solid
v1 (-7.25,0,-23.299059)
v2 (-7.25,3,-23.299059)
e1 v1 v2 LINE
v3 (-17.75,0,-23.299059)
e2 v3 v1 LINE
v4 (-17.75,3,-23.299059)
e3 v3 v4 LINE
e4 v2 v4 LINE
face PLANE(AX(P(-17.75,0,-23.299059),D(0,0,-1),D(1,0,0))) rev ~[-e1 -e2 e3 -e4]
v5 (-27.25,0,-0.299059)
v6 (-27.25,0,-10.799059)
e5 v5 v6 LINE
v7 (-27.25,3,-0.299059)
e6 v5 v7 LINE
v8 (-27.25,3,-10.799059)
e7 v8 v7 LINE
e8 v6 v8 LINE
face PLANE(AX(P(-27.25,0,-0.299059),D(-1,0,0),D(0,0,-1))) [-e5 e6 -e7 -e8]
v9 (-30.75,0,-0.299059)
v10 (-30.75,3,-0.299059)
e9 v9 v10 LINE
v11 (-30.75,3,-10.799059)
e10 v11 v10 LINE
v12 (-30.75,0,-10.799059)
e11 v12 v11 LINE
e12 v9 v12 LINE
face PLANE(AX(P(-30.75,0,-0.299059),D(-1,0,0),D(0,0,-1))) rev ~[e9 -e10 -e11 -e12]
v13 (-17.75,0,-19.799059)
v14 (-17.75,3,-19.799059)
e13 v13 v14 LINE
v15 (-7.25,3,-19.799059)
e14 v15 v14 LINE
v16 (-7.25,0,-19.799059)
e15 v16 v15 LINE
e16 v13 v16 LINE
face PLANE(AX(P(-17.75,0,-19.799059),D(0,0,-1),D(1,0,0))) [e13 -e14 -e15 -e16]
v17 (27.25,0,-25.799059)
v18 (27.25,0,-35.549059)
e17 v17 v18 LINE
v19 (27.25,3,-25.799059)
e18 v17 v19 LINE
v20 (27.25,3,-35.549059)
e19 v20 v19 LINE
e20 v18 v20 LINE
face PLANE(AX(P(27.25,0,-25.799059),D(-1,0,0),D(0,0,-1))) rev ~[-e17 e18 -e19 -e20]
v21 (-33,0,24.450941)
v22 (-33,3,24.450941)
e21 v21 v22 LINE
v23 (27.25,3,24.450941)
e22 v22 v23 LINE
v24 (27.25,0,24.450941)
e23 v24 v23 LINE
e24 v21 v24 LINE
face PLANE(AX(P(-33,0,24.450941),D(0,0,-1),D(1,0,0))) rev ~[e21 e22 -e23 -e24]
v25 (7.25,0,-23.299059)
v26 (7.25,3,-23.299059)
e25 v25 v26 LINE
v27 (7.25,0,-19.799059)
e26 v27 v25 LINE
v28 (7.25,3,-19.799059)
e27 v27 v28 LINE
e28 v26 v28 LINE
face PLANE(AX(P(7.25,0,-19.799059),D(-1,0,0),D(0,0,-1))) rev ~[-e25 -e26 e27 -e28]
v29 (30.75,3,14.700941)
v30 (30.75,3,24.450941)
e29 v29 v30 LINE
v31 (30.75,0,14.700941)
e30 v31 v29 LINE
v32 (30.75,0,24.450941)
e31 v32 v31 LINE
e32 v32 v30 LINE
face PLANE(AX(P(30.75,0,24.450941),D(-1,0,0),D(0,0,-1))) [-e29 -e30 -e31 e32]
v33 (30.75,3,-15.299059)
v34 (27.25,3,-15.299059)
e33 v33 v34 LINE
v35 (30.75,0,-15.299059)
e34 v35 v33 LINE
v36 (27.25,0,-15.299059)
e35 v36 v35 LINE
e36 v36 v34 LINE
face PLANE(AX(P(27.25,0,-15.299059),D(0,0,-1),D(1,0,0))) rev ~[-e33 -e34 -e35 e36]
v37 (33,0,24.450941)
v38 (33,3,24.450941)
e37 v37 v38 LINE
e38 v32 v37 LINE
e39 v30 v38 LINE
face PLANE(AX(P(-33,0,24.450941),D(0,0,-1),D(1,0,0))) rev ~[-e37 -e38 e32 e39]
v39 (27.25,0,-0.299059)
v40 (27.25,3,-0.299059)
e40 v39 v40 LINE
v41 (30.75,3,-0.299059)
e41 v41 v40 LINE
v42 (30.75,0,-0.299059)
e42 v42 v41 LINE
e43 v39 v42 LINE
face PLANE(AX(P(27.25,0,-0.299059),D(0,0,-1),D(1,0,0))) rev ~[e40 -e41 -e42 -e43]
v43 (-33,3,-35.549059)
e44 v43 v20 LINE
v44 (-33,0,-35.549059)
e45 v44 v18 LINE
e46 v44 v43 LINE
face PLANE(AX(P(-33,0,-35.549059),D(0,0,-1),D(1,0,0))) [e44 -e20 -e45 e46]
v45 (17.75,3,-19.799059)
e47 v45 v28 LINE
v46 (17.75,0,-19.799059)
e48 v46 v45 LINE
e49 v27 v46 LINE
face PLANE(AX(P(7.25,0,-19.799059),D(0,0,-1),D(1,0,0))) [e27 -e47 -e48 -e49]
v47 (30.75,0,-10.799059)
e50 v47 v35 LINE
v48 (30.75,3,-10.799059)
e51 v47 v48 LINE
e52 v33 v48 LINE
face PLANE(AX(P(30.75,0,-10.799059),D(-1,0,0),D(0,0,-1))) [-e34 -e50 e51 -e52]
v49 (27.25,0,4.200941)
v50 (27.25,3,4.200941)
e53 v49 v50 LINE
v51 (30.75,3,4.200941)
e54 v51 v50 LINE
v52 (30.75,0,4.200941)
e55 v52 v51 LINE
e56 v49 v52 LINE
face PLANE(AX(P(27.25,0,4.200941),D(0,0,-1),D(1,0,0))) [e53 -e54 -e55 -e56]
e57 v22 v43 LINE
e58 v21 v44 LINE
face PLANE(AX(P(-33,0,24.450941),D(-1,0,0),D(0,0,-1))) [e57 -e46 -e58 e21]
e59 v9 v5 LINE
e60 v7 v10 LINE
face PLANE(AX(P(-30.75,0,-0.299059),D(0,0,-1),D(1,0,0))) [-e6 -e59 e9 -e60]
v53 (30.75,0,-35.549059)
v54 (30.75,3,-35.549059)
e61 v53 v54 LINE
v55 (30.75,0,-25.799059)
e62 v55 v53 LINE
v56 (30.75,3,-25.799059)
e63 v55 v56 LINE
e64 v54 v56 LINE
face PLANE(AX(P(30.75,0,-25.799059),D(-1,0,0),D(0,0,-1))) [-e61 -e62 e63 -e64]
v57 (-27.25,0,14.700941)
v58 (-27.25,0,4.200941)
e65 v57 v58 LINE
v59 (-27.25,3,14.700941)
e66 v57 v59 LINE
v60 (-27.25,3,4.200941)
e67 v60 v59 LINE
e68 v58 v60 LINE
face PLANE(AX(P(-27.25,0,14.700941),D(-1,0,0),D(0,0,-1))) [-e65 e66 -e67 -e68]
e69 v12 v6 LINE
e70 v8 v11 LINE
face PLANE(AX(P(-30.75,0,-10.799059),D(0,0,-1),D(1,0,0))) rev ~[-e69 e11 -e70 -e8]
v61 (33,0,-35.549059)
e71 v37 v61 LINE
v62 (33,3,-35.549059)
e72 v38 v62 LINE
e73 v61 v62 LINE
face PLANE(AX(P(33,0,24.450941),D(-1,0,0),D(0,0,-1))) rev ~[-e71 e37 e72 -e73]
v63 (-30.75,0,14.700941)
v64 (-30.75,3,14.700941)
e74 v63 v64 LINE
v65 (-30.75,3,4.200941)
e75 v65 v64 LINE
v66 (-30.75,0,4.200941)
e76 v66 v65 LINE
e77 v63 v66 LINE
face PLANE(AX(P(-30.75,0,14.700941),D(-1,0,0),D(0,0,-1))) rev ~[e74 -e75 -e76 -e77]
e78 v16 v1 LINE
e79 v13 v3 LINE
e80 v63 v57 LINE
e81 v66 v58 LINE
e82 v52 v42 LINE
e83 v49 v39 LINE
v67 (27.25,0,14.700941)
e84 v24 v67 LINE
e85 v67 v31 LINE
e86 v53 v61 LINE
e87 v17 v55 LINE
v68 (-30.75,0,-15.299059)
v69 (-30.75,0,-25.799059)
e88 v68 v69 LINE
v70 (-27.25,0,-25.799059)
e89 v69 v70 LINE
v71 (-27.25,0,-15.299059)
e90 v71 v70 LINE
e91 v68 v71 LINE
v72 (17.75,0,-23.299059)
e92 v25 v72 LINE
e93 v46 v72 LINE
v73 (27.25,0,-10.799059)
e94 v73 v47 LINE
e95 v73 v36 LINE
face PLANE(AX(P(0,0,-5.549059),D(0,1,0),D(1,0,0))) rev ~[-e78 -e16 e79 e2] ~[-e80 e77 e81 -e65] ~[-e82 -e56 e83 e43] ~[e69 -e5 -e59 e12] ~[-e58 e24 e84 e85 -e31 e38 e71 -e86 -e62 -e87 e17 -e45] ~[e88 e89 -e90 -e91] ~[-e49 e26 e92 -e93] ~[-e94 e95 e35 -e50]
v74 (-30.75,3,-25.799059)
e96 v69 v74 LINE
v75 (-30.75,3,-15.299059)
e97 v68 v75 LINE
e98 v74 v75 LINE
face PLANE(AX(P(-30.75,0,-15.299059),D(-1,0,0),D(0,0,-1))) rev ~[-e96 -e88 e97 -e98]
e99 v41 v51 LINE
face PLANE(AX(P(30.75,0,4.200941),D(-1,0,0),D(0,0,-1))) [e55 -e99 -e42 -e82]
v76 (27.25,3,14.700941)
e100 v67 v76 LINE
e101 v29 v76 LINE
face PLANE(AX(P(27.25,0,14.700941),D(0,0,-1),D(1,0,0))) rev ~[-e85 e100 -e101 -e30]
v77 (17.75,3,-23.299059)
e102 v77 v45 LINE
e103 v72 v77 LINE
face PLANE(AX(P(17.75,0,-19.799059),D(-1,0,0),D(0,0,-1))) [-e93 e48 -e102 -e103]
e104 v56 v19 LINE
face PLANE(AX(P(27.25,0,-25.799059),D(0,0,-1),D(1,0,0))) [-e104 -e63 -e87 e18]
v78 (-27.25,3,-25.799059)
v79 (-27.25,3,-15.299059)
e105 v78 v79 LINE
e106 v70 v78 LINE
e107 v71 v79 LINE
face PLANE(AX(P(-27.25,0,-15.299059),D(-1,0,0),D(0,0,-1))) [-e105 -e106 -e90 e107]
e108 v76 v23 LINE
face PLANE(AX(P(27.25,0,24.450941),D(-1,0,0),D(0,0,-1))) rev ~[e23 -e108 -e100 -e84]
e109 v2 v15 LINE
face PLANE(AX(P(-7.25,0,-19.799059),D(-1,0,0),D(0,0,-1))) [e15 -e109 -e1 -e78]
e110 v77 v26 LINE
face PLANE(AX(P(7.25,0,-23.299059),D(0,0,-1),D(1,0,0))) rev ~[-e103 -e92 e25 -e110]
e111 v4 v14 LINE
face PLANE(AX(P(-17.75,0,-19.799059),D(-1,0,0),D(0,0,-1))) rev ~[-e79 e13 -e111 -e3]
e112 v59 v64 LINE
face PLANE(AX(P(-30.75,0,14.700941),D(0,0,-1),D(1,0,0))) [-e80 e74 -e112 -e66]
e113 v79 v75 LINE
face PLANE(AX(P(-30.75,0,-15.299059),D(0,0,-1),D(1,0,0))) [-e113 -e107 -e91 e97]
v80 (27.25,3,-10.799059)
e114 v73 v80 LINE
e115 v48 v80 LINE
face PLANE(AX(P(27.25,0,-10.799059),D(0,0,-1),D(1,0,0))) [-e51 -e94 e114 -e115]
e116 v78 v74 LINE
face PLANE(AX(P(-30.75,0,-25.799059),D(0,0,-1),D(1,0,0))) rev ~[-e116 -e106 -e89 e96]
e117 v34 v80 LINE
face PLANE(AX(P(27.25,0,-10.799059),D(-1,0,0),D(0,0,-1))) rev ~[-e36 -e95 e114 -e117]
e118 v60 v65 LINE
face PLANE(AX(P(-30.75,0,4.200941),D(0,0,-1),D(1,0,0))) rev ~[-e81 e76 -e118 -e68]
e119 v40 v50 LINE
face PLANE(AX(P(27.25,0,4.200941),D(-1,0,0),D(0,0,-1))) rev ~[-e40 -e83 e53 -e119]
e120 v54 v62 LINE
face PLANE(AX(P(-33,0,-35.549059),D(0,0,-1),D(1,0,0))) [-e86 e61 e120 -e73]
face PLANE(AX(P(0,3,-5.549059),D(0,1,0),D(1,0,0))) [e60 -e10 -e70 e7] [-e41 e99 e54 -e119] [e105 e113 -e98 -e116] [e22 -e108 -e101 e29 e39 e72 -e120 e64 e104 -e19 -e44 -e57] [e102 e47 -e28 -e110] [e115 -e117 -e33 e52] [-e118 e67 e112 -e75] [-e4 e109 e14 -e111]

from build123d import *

# Parameters (mm, degrees)
SKETCH_3_W          = 66
SKETCH_3_H          = 60
EXTRUDE_1_DEPTH     = 3
SKETCH_1_W          = 3.5
SKETCH_1_H          = 10.5
SKETCH_1_W_2        = 10.5
SKETCH_1_H_2        = 3.5
SKETCH_1_H_3        = 9.75
SKETCH_1_H_4        = 4.5
CUT_EXTRUDE_1_DEPTH = 49.597691494


with BuildPart() as part:
    # Эскиз3 → Бобышка-Вытянуть1 (new body)
    with BuildSketch(Plane(origin=(0, 0, 0), x_dir=(1, 0, 0), z_dir=(0, 1, 0))):
        with Locations((0, 5.54905932)):
            Rectangle(SKETCH_3_W, SKETCH_3_H)
    extrude(amount=EXTRUDE_1_DEPTH)

    # Эскиз1 → Вырез-Вытянуть1 (cut, through all)
    with BuildSketch(Plane(origin=(0, 0, 0), x_dir=(1, 0, 0), z_dir=(0, 1, 0))):
        with Locations((-29, 5.54905932)):
            Rectangle(SKETCH_1_W, SKETCH_1_H)
        with Locations((-29, 20.54905932)):
            Rectangle(SKETCH_1_W, SKETCH_1_H)
        with Locations((-29, -9.45094068)):
            Rectangle(SKETCH_1_W, SKETCH_1_H)
        with Locations((12.5, 21.54905932)):
            Rectangle(SKETCH_1_W_2, SKETCH_1_H_2)
        with Locations((29, -19.57594068)):
            Rectangle(SKETCH_1_W, SKETCH_1_H_3)
        with Locations((29, 13.04905932)):
            Rectangle(SKETCH_1_W, SKETCH_1_H_4)
        with Locations((29, -1.95094068)):
            Rectangle(SKETCH_1_W, SKETCH_1_H_4)
        with Locations((29, 30.67405932)):
            Rectangle(SKETCH_1_W, SKETCH_1_H_3)
        with Locations((-12.5, 21.54905932)):
            Rectangle(SKETCH_1_W_2, SKETCH_1_H_2)
    extrude(amount=CUT_EXTRUDE_1_DEPTH, mode=Mode.SUBTRACT)


solid = part.part
